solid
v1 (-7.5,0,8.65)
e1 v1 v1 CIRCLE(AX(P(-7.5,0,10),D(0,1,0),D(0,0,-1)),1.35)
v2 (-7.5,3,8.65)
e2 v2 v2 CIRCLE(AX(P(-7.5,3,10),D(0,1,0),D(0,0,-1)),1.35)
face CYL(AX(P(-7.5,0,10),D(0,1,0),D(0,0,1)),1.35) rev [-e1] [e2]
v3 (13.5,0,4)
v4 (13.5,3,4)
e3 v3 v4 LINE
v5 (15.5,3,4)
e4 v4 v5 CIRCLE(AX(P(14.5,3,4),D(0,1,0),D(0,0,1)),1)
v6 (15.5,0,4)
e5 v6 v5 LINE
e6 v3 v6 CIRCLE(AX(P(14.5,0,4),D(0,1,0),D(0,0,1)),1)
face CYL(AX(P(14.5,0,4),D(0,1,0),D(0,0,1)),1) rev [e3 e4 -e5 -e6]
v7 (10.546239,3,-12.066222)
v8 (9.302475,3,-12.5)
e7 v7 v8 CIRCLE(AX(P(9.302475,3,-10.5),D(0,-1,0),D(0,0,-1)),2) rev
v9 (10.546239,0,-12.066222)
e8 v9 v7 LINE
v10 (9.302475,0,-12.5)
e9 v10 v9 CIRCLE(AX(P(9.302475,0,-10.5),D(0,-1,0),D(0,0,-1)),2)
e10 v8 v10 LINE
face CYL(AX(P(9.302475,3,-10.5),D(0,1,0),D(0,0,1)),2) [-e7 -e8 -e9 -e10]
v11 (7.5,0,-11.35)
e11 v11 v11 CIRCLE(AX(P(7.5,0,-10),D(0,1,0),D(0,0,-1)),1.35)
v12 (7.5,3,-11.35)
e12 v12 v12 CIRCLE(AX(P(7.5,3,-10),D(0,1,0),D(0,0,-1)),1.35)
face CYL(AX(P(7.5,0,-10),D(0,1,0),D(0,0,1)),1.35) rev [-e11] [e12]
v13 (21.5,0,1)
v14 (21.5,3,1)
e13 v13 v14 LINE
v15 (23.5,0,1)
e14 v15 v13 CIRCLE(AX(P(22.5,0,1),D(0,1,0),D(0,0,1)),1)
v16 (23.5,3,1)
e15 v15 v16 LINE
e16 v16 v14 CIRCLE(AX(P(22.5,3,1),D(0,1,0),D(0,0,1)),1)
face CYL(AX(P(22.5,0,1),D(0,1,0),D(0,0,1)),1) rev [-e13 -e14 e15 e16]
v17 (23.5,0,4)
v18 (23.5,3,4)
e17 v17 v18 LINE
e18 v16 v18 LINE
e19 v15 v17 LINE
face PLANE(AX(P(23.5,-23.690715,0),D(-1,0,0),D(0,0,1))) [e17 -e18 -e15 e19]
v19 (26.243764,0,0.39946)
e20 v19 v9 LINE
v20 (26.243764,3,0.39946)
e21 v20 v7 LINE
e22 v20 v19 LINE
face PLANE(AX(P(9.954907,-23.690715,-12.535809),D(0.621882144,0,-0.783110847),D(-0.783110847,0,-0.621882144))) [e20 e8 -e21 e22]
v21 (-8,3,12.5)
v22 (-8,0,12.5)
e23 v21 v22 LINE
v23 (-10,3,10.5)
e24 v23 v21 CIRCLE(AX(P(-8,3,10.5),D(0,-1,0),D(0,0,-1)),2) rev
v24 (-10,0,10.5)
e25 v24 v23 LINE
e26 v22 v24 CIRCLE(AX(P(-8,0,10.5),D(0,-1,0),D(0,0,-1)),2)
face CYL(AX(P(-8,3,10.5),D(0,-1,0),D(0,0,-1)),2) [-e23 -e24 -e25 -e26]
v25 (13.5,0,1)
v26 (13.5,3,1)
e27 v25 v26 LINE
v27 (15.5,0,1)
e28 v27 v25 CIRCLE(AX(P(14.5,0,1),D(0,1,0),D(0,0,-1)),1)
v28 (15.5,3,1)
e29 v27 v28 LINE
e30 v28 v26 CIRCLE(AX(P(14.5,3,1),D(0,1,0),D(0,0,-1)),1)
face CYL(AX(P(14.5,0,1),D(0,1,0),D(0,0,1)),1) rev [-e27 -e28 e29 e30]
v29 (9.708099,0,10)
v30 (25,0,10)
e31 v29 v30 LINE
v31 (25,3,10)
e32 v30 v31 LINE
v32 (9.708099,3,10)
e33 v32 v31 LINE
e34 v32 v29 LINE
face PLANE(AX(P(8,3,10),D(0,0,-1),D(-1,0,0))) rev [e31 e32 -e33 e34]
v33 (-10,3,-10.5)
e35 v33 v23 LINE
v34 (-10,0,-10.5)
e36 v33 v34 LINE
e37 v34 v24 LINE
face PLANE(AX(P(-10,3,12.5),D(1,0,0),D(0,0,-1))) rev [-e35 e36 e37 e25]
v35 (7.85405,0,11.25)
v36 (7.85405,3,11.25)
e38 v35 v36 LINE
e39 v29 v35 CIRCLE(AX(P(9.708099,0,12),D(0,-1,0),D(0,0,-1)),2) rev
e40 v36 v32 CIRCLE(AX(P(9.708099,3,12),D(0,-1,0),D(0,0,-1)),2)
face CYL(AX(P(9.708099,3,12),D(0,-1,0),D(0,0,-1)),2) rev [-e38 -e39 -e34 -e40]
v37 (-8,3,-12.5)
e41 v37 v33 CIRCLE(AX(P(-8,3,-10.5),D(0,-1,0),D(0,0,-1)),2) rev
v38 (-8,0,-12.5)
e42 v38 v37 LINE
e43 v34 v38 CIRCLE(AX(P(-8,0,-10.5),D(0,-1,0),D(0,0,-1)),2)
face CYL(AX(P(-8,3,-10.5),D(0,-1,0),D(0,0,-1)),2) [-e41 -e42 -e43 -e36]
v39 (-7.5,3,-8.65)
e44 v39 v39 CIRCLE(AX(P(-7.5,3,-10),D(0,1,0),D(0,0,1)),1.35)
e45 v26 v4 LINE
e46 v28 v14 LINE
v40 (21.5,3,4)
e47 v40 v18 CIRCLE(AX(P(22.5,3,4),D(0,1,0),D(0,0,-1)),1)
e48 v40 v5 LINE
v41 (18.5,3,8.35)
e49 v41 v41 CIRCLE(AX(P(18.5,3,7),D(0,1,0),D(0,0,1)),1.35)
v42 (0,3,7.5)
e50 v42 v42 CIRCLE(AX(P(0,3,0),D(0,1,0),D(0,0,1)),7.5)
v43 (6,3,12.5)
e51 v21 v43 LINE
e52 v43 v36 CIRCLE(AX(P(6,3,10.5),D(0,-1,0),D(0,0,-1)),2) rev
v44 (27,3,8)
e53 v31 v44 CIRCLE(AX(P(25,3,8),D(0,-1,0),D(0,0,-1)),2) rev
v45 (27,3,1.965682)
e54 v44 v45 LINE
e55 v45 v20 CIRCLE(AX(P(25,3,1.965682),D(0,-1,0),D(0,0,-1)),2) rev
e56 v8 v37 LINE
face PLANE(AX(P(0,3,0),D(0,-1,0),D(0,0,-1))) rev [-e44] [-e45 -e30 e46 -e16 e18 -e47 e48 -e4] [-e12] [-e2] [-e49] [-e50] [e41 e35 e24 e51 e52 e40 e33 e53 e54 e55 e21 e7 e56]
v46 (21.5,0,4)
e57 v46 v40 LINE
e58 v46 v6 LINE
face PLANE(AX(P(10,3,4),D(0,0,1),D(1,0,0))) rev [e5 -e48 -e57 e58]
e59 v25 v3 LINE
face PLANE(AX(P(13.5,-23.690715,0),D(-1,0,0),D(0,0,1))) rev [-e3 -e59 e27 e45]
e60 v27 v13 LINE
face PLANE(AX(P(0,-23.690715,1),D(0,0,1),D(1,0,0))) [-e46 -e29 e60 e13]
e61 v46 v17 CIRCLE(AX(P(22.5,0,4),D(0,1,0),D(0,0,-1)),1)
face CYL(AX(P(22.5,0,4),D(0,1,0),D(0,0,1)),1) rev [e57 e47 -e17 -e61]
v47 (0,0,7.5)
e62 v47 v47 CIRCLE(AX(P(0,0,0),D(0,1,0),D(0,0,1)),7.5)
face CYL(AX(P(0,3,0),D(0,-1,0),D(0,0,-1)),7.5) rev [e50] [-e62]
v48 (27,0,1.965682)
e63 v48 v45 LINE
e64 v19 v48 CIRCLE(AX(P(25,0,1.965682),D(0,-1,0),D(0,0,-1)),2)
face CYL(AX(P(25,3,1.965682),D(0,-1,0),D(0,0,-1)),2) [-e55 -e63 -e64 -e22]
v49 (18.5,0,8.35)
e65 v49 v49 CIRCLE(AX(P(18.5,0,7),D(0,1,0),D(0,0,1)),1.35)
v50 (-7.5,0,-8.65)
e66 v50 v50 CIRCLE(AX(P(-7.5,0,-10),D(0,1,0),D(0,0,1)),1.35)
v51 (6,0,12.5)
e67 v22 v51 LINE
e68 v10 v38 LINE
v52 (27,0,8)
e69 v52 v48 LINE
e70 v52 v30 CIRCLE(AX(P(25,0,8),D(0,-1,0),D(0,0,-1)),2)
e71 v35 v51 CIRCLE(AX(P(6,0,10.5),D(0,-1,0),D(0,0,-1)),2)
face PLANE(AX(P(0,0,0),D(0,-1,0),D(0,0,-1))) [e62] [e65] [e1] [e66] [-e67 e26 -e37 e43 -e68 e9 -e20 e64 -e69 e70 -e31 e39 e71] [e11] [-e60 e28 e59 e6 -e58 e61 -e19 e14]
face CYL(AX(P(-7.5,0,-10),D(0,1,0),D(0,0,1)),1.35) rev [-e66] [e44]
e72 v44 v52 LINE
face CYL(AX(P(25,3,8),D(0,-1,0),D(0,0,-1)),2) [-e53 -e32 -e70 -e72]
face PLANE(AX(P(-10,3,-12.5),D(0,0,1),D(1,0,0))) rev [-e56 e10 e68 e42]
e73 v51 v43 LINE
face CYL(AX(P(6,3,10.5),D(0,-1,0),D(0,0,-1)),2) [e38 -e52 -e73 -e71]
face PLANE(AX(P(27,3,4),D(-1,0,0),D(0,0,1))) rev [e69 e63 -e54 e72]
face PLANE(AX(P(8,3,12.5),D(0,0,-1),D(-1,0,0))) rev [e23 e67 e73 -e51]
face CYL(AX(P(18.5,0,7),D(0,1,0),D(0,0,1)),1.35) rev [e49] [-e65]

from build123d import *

# Parameters (mm, degrees)
SKETCH_1_R          = 7.5
EXTRUDE_1_DEPTH     = 3
SKETCH_3_R          = 1.35
CUT_EXTRUDE_1_DEPTH = 30.904013109
EXTRUDE_2_DEPTH     = 3
CUT_EXTRUDE_3_DEPTH = 30.904013109
FILLET_1_R          = 2
FILLET_2_R          = 2


with BuildPart() as part:
    # 草图1 → 凸台-拉伸1 (new body)
    with BuildSketch(Plane(origin=(0, 0, 0), x_dir=(1, 0, 0), z_dir=(0, 1, 0))):
        Polygon((-10, -12.5), (0, -12.5), (8, -12.5), (8, -10), (27, -10), (27, -4), (10, -4), (10, 12.5), (-10, 12.5), align=None)
        with Locations(Location((0, 0, 0), (0, 0, 270))):
            Circle(SKETCH_1_R, mode=Mode.SUBTRACT)
    extrude(amount=EXTRUDE_1_DEPTH)

    # 草图3 → 切除-拉伸1 (cut, through all)
    with BuildSketch(Plane(origin=(0, 3, 0), x_dir=(1, 0, 0), z_dir=(0, 1, 0))):
        with Locations(Location((18.5, -7, 0), (0, 0, 270))):
            Circle(SKETCH_3_R)
        with Locations(Location((-7.5, 10, 0), (0, 0, 270))):
            Circle(SKETCH_3_R)
        with Locations(Location((-7.5, -10, 0), (0, 0, 90))):
            Circle(SKETCH_3_R)
        with Locations(Location((7.5, 10, 0), (0, 0, 90))):
            Circle(SKETCH_3_R)
    extrude(amount=-CUT_EXTRUDE_1_DEPTH, mode=Mode.SUBTRACT)

    # 草图5 → 凸台-拉伸2 (add)
    with BuildSketch(Plane(origin=(0, 3, 0), x_dir=(1, 0, 0), z_dir=(0, 1, 0))):
        Polygon((23.5, -4), (27, -4), (27, -1), (10, 12.5), (10, -4), (13.5, -4), (13.5, -1), (23.5, -1), align=None)
    extrude(amount=-EXTRUDE_2_DEPTH)

    # 草图7 → 切除-拉伸3 (cut, through all)
    with BuildSketch(Plane(origin=(0, 3, 0), x_dir=(1, 0, 0), z_dir=(0, 1, 0))):
        with BuildLine():
            Line((23.5, -1), (21.5, -1))
            ThreePointArc((21.5, -1), (22.5, 0), (23.5, -1))
        make_face()
        with BuildLine():
            Line((13.5, -1), (15.5, -1))
            ThreePointArc((15.5, -1), (14.5, 0), (13.5, -1))
        make_face()
        with BuildLine():
            Line((13.5, -4), (15.5, -4))
            ThreePointArc((15.5, -4), (14.5, -5), (13.5, -4))
        make_face()
        with BuildLine():
            Line((23.5, -4), (21.5, -4))
            ThreePointArc((21.5, -4), (22.5, -5), (23.5, -4))
        make_face()
    extrude(amount=-CUT_EXTRUDE_3_DEPTH, mode=Mode.SUBTRACT)

    # 圆角1
    fillet_1_edges = [part.edges().sort_by_distance(p)[0] for p in [
        (27, 1.5, 10),
        (8, 1.5, 12.5),
        (-10, 1.5, 12.5),
        (-10, 1.5, -12.5),
    ]]
    fillet(fillet_1_edges, radius=FILLET_1_R)

    # 圆角2
    fillet_2_edges = [part.edges().sort_by_distance(p)[0] for p in [
        (8, 1.5, 10),
        (10, 1.5, -12.5),
        (27, 1.5, 1),
    ]]
    fillet(fillet_2_edges, radius=FILLET_2_R)


solid = part.part
